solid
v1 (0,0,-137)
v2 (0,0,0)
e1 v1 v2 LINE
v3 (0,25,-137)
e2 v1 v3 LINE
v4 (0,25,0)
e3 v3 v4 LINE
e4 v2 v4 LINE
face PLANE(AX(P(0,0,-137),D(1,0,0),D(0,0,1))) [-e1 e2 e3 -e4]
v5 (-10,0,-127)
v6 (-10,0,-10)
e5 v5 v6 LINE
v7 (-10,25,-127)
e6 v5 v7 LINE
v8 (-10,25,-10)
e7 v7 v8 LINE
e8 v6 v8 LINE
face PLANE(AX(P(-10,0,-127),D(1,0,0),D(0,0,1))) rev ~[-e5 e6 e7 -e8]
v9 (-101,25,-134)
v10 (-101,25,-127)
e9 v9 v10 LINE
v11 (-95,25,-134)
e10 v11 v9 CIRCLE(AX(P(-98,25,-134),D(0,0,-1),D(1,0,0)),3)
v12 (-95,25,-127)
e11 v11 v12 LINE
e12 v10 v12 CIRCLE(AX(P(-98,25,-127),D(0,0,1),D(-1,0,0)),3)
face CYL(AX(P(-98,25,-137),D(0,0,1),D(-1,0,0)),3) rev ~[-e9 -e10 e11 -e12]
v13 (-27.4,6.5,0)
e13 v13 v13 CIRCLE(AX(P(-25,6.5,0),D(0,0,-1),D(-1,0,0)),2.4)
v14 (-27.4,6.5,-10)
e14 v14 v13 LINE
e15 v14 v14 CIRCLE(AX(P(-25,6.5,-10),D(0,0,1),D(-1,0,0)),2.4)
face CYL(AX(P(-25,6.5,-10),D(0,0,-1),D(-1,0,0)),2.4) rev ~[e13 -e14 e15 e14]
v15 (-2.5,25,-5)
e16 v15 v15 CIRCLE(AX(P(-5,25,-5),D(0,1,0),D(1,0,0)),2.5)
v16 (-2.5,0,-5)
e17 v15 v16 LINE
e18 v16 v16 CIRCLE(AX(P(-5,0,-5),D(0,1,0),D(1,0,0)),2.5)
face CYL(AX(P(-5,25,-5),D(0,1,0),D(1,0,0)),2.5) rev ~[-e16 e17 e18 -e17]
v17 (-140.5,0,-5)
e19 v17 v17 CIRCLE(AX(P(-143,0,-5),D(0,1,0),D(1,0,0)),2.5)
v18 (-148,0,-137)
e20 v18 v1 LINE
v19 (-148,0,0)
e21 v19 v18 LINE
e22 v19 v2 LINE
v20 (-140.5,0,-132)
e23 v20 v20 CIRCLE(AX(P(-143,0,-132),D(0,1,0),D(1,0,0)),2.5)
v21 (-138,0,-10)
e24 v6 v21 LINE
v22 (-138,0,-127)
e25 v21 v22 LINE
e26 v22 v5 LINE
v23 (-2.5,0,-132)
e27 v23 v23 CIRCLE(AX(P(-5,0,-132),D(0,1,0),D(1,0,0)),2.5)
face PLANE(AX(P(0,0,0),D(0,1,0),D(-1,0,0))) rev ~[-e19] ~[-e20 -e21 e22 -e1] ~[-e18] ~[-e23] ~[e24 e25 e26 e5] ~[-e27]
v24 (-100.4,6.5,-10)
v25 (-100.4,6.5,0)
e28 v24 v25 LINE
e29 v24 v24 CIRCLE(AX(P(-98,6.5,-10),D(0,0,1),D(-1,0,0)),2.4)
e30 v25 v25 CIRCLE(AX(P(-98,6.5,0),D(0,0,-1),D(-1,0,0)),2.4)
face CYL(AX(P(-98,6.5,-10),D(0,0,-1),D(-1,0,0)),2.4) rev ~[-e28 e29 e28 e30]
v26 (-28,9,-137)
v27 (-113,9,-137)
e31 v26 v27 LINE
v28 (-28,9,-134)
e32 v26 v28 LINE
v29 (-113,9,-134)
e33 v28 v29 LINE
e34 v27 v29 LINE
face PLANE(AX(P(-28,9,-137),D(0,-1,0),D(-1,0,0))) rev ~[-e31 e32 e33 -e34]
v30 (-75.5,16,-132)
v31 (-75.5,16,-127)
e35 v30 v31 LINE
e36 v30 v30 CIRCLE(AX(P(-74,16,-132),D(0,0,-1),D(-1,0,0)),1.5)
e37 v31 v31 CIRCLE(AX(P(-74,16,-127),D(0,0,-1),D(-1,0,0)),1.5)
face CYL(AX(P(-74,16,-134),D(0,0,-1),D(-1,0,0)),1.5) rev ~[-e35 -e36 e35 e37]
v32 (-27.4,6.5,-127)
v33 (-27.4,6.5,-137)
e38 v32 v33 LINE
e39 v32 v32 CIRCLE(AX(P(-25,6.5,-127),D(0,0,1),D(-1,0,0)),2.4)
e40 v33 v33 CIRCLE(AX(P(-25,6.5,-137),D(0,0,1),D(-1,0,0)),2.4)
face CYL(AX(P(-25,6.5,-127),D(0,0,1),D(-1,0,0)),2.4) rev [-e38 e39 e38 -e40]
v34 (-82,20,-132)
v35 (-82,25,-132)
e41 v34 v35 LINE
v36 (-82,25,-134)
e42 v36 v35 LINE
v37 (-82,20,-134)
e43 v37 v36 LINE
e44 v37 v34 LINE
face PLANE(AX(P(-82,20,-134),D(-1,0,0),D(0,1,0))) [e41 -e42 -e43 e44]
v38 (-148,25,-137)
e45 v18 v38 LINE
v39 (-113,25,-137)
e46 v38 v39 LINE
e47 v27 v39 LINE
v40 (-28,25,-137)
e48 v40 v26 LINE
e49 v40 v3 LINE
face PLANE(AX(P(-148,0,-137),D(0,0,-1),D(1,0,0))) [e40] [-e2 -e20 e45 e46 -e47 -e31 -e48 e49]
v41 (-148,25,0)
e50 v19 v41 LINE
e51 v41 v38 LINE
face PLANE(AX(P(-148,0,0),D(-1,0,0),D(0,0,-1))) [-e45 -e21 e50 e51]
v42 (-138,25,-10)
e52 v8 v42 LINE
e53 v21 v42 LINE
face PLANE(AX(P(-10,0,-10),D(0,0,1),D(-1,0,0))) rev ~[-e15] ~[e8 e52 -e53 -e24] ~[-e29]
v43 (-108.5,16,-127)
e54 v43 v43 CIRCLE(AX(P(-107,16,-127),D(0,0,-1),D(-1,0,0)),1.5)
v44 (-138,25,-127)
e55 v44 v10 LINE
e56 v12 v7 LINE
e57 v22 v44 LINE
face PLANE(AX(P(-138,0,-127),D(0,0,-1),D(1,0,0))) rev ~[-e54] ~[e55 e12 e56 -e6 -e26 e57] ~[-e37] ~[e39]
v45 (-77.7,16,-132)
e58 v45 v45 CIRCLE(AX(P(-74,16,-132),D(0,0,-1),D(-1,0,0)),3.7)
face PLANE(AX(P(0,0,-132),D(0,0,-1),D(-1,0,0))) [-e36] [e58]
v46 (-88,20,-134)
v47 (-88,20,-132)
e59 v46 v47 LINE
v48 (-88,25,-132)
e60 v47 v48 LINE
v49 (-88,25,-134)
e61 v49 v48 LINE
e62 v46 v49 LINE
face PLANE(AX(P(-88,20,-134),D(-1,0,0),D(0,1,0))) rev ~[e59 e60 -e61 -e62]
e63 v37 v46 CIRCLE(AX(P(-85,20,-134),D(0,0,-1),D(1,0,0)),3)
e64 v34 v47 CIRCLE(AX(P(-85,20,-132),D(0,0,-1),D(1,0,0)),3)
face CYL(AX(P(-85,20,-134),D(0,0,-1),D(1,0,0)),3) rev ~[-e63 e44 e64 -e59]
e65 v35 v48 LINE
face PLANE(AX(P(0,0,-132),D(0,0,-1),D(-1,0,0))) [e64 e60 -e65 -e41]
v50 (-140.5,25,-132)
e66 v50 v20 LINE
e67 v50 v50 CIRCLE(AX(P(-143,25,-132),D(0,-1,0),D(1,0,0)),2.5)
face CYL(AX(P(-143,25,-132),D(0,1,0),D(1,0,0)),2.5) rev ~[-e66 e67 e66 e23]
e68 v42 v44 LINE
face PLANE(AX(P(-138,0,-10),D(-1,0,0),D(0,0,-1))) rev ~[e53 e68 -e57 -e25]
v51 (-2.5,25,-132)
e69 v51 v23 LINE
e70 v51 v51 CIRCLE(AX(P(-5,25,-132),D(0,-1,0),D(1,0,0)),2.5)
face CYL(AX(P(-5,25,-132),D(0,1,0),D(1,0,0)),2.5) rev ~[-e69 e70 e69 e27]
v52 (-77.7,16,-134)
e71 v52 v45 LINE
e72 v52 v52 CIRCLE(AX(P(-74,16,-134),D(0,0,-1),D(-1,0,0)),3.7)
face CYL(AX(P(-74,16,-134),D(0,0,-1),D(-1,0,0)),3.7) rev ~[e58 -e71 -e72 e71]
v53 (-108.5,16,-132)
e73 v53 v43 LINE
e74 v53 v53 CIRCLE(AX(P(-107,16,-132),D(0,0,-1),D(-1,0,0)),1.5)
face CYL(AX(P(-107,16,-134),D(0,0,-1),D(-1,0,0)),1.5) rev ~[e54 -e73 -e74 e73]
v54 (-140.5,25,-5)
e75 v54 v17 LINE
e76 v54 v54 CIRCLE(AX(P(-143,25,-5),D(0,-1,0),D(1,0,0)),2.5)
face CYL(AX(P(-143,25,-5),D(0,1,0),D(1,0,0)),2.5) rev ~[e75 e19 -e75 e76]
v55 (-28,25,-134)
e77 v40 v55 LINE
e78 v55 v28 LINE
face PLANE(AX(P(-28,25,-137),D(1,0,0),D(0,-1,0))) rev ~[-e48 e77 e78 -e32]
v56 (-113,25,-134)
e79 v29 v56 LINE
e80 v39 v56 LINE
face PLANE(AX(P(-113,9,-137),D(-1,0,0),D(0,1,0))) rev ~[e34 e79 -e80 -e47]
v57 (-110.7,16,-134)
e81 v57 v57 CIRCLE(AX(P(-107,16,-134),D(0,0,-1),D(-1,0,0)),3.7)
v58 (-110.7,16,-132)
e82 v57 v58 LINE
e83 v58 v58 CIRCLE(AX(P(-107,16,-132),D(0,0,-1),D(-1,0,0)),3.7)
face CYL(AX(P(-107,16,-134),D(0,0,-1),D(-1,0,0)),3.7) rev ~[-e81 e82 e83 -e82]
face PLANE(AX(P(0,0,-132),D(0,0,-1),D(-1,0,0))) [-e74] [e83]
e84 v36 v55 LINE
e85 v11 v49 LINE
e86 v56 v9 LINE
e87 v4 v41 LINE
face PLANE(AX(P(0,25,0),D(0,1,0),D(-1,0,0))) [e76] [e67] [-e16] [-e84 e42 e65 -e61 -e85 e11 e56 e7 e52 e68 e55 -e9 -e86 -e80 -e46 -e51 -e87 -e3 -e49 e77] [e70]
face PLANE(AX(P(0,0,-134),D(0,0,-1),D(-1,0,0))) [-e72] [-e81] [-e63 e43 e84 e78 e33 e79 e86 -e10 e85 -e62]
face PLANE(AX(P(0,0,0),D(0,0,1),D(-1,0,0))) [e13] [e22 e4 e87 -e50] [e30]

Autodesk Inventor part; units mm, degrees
ref_plane "YZ Plane" through (0, 0, 0) normal (1, 0, 0) x (0, 1, 0)
ref_plane "XZ Plane" through (0, 0, 0) normal (0, 1, 0) x (-1, 0, 0)
sketch "Эскиз1" plane through (0, 0, 0) normal (0, 1, 0) x (-1, 0, 0)
  line L0 (0, 0) -> (148, 0)
  line L1 (148, 0) -> (148, -137)
  line L2 (148, -137) -> (0, -137)
  line L3 (0, -137) -> (0, 0)
  line L4 (10, -10) -> (138, -10)
  line L5 (138, -10) -> (138, -127)
  line L6 (138, -127) -> (10, -127)
  line L7 (10, -127) -> (10, -10)
  line L8 (0, 0) -> (5.5771, 0)
  dimension "d0" = 148
  dimension "d2" = 10
  dimension "d3" = 10
  dimension "d4" = 10
  dimension "d5" = 10
  dimension "d8" = 117
extrude "Выдавливание1" add sketch "Эскиз1" along normal blind 25
sketch "Эскиз2" plane through (0, 25, 0) normal (0, 1, 0) x (1, 0, 0)
  line L0 (0, 0) -> (0, 137) projected
  line L1 (-148, 0) -> (0, 0) projected
  line L2 (0, 5) -> (-148, 5)
  line L3 (-148, 137) -> (-148, 0) projected
  line L4 (-143, 0) -> (-148, 0)
  line L5 (-143, 0) -> (-143, 137)
  line L6 (0, 137) -> (-148, 137) projected
  circle A0 centre (-143, 5) radius 2.5
  dimension "d9" = 5
  dimension "d12" = 5
  dimension "d20" = 5
extrude "Выдавливание2" cut sketch "Эскиз2" against normal through all contours A0 L5 L2 | L2 L5 A0 | A0 L2 L5 | L2 A0 L5
sketch "Эскиз6" plane through (0, 25, 0) normal (0, 1, 0) x (1, 0, 0)
  line L0 (-98, 137) -> (-98, 127)
  line L1 (-138, 127) -> (-10, 127) projected
  line L2 (-148, 137) -> (-148, 0) projected
  line L3 (-98, 127) -> (-101, 127)
  line L4 (-101, 137) -> (-101, 127)
  line L5 (-101, 137) -> (-98, 137)
  line L6 (0, 137) -> (-148, 137) projected
  point P0 (0, 0)
  dimension "d46" = 50
  dimension "d47" = 6
  dimension "d86" = 10
revolve "Вращение3" cut sketch "Эскиз6" angle 360 about axis through (-98, 25, -137) along (0, 0, 1)
sketch "Эскиз8" plane through (0, 25, 0) normal (0, 1, 0) x (1, 0, 0)
  circle A0 centre (-143, 5) radius 2.5 projected
  line L0 (-143, 5) -> (-48, 5)
  circle A1 centre (-5, 5) radius 2.5
  line L1 (0, 0) -> (0, 137) projected
  dimension "d56" = 5
  dimension "d57" = 5
extrude "Выдавливание4" cut sketch "Эскиз8" against normal through all contours A1
sketch "Эскиз9" plane through (0, 25, 0) normal (0, 1, 0) x (1, 0, 0)
  circle A0 centre (-5, 5) radius 2.5 projected
  line L0 (-5, 5) -> (-5, 137)
  line L1 (0, 137) -> (-148, 137) projected
  circle A1 centre (-5, 132) radius 2.5
  point P0 (0, 0)
  point P1 (0, 137)
  point P2 (-85.5, 143)
  dimension "d60" = 5
  dimension "d61" = 5
extrude "Выдавливание5" cut sketch "Эскиз9" against normal through all contours A1 L0 | L0 A1
sketch "Эскиз10" plane through (0, 25, 0) normal (0, 1, 0) x (1, 0, 0)
  circle A0 centre (-143, 5) radius 2.5 projected
  line L0 (-143, 5) -> (-143, 137)
  line L1 (-148, 137) -> (0, 137) projected
  circle A1 centre (-5, 132) radius 2.5 projected
  line L2 (-5, 132) -> (-148, 132)
  line L3 (-148, 0) -> (-148, 137) projected
  circle A2 centre (-143, 132) radius 2.5
  point P0 (0, 0)
  dimension "d64" = 5
extrude "Выдавливание6" cut sketch "Эскиз10" against normal through all contours A2 L2 L0 | L0 L2 A2 | L2 A2 L0 | L0 A2 L2
sketch "Эскиз11" plane through (-10, 0, -10) normal (0, 0, -1) x (-1, 0, 0)
  line L0 (0, 25) -> (128, 25) projected
  circle A0 centre (88, 25) radius 18.5
  line L1 (128, 0) -> (0, 0) projected
  circle A1 centre (88, 6.5) radius 2.4
  line L2 (88, 25) -> (88, 6.5)
  line L3 (88, 25) -> (69.5, 25)
  point P0 (-10, 0)
  point P1 (-10, 25)
  point P2 (138, 25)
  dimension "d67" = 37
  dimension "d69" = 4.8
  dimension "d79" = 50
  dimension "d85" = 90
extrude "Выдавливание7" cut sketch "Эскиз11" against normal through all contours A1 L2 A0 | A0 A1 | A1 A0 L2
pattern_linear "Прямоуг.массив3" count 2 spacing -73 along (-1, 0, 0) of "Выдавливание7"
ref_plane "РабПлоскость1" through (0, 0, -68.5) normal (0, 0, 1) x (1, 0, 0)
mirror "Зеркальное отражение1" about plane through (0, 0, -68.5) normal (0, 0, 1) of "Прямоуг.массив3"
sketch "Эскиз14" plane through (0, 0, -137) normal (0, 0, -1) x (-1, 0, 0)
  arc A0 (95, 25) -> (101, 25) centre (98, 25) ccw projected
  line L0 (113, 9) -> (113, 25)
  line L1 (138, 25) -> (101, 25) projected
  line L2 (113, 25) -> (28, 25)
  line L3 (0, 25) -> (95, 25) projected
  line L4 (28, 25) -> (28, 9)
  line L5 (28, 9) -> (113, 9)
  point P0 (0, 0)
  point P1 (148, 25)
  dimension "d89" = 85
  dimension "d90" = 16
  dimension "d91" = 35
extrude "Выдавливание8" cut sketch "Эскиз14" against normal blind 3 contours A0 L1 L0 L5 L4 L2
sketch "Эскиз15" plane through (0, 0, -134) normal (0, 0, -1) x (-1, 0, 0)
  arc A0 (95, 25) -> (101, 25) centre (98, 25) ccw projected
  line L0 (148, 25) -> (0, 25) projected
  line L1 (113, 9) -> (107, 9)
  line L2 (113, 9) -> (28, 9) projected
  line L3 (107, 9) -> (107, 16)
  circle A1 centre (107, 16) radius 1.5
  point P0 (0, 0)
  dimension "d98" = 6
  dimension "d99" = 7
  dimension "d100" = 3
extrude "Выдавливание9" cut sketch "Эскиз15" against normal up to next contours A1
sketch "Эскиз16" plane through (0, 0, -134) normal (0, 0, -1) x (-1, 0, 0)
  line L0 (113, 9) -> (28, 9) projected
  circle A0 centre (107, 16) radius 1.5 projected
  line L1 (107, 16) -> (74, 16)
  circle A1 centre (74, 16) radius 1.5
  point P0 (0, 0)
  dimension "d106" = 33
  dimension "d107" = 3
extrude "Выдавливание10" cut sketch "Эскиз16" against normal up to next contours A1
sketch "Эскиз17" plane through (0, 0, -134) normal (0, 0, -1) x (-1, 0, 0)
  circle A0 centre (74, 16) radius 1.5 projected
  circle A1 centre (74, 16) radius 3.7
  point P0 (0, 0)
  dimension "d110" = 7.4
extrude "Выдавливание11" cut sketch "Эскиз17" against normal blind 2
sketch "Эскиз18" plane through (0, 0, -134) normal (0, 0, -1) x (-1, 0, 0)
  circle A0 centre (107, 16) radius 1.5 projected
  circle A1 centre (107, 16) radius 3.7
  point P0 (0, 0)
  dimension "d113" = 7.4
extrude "Выдавливание12" cut sketch "Эскиз18" against normal blind 2
sketch "Эскиз19" plane through (0, 0, -134) normal (0, 0, -1) x (-1, 0, 0)
  arc A0 (82, 20) -> (88, 20) centre (85, 20) ccw
  line L0 (113, 9) -> (28, 9) projected
  line L1 (113, 25) -> (113, 9) projected
  line L2 (10, 25) -> (138, 25) projected
  line L3 (82, 20) -> (82, 25)
  line L4 (88, 20) -> (88, 25)
  point P0 (0, 0)
  dimension "d121" = 6
  dimension "d123" = 25
  dimension "d124" = 11
extrude "Выдавливание13" cut sketch "Эскиз19" against normal blind 2
properties part number "Корпус низ"
